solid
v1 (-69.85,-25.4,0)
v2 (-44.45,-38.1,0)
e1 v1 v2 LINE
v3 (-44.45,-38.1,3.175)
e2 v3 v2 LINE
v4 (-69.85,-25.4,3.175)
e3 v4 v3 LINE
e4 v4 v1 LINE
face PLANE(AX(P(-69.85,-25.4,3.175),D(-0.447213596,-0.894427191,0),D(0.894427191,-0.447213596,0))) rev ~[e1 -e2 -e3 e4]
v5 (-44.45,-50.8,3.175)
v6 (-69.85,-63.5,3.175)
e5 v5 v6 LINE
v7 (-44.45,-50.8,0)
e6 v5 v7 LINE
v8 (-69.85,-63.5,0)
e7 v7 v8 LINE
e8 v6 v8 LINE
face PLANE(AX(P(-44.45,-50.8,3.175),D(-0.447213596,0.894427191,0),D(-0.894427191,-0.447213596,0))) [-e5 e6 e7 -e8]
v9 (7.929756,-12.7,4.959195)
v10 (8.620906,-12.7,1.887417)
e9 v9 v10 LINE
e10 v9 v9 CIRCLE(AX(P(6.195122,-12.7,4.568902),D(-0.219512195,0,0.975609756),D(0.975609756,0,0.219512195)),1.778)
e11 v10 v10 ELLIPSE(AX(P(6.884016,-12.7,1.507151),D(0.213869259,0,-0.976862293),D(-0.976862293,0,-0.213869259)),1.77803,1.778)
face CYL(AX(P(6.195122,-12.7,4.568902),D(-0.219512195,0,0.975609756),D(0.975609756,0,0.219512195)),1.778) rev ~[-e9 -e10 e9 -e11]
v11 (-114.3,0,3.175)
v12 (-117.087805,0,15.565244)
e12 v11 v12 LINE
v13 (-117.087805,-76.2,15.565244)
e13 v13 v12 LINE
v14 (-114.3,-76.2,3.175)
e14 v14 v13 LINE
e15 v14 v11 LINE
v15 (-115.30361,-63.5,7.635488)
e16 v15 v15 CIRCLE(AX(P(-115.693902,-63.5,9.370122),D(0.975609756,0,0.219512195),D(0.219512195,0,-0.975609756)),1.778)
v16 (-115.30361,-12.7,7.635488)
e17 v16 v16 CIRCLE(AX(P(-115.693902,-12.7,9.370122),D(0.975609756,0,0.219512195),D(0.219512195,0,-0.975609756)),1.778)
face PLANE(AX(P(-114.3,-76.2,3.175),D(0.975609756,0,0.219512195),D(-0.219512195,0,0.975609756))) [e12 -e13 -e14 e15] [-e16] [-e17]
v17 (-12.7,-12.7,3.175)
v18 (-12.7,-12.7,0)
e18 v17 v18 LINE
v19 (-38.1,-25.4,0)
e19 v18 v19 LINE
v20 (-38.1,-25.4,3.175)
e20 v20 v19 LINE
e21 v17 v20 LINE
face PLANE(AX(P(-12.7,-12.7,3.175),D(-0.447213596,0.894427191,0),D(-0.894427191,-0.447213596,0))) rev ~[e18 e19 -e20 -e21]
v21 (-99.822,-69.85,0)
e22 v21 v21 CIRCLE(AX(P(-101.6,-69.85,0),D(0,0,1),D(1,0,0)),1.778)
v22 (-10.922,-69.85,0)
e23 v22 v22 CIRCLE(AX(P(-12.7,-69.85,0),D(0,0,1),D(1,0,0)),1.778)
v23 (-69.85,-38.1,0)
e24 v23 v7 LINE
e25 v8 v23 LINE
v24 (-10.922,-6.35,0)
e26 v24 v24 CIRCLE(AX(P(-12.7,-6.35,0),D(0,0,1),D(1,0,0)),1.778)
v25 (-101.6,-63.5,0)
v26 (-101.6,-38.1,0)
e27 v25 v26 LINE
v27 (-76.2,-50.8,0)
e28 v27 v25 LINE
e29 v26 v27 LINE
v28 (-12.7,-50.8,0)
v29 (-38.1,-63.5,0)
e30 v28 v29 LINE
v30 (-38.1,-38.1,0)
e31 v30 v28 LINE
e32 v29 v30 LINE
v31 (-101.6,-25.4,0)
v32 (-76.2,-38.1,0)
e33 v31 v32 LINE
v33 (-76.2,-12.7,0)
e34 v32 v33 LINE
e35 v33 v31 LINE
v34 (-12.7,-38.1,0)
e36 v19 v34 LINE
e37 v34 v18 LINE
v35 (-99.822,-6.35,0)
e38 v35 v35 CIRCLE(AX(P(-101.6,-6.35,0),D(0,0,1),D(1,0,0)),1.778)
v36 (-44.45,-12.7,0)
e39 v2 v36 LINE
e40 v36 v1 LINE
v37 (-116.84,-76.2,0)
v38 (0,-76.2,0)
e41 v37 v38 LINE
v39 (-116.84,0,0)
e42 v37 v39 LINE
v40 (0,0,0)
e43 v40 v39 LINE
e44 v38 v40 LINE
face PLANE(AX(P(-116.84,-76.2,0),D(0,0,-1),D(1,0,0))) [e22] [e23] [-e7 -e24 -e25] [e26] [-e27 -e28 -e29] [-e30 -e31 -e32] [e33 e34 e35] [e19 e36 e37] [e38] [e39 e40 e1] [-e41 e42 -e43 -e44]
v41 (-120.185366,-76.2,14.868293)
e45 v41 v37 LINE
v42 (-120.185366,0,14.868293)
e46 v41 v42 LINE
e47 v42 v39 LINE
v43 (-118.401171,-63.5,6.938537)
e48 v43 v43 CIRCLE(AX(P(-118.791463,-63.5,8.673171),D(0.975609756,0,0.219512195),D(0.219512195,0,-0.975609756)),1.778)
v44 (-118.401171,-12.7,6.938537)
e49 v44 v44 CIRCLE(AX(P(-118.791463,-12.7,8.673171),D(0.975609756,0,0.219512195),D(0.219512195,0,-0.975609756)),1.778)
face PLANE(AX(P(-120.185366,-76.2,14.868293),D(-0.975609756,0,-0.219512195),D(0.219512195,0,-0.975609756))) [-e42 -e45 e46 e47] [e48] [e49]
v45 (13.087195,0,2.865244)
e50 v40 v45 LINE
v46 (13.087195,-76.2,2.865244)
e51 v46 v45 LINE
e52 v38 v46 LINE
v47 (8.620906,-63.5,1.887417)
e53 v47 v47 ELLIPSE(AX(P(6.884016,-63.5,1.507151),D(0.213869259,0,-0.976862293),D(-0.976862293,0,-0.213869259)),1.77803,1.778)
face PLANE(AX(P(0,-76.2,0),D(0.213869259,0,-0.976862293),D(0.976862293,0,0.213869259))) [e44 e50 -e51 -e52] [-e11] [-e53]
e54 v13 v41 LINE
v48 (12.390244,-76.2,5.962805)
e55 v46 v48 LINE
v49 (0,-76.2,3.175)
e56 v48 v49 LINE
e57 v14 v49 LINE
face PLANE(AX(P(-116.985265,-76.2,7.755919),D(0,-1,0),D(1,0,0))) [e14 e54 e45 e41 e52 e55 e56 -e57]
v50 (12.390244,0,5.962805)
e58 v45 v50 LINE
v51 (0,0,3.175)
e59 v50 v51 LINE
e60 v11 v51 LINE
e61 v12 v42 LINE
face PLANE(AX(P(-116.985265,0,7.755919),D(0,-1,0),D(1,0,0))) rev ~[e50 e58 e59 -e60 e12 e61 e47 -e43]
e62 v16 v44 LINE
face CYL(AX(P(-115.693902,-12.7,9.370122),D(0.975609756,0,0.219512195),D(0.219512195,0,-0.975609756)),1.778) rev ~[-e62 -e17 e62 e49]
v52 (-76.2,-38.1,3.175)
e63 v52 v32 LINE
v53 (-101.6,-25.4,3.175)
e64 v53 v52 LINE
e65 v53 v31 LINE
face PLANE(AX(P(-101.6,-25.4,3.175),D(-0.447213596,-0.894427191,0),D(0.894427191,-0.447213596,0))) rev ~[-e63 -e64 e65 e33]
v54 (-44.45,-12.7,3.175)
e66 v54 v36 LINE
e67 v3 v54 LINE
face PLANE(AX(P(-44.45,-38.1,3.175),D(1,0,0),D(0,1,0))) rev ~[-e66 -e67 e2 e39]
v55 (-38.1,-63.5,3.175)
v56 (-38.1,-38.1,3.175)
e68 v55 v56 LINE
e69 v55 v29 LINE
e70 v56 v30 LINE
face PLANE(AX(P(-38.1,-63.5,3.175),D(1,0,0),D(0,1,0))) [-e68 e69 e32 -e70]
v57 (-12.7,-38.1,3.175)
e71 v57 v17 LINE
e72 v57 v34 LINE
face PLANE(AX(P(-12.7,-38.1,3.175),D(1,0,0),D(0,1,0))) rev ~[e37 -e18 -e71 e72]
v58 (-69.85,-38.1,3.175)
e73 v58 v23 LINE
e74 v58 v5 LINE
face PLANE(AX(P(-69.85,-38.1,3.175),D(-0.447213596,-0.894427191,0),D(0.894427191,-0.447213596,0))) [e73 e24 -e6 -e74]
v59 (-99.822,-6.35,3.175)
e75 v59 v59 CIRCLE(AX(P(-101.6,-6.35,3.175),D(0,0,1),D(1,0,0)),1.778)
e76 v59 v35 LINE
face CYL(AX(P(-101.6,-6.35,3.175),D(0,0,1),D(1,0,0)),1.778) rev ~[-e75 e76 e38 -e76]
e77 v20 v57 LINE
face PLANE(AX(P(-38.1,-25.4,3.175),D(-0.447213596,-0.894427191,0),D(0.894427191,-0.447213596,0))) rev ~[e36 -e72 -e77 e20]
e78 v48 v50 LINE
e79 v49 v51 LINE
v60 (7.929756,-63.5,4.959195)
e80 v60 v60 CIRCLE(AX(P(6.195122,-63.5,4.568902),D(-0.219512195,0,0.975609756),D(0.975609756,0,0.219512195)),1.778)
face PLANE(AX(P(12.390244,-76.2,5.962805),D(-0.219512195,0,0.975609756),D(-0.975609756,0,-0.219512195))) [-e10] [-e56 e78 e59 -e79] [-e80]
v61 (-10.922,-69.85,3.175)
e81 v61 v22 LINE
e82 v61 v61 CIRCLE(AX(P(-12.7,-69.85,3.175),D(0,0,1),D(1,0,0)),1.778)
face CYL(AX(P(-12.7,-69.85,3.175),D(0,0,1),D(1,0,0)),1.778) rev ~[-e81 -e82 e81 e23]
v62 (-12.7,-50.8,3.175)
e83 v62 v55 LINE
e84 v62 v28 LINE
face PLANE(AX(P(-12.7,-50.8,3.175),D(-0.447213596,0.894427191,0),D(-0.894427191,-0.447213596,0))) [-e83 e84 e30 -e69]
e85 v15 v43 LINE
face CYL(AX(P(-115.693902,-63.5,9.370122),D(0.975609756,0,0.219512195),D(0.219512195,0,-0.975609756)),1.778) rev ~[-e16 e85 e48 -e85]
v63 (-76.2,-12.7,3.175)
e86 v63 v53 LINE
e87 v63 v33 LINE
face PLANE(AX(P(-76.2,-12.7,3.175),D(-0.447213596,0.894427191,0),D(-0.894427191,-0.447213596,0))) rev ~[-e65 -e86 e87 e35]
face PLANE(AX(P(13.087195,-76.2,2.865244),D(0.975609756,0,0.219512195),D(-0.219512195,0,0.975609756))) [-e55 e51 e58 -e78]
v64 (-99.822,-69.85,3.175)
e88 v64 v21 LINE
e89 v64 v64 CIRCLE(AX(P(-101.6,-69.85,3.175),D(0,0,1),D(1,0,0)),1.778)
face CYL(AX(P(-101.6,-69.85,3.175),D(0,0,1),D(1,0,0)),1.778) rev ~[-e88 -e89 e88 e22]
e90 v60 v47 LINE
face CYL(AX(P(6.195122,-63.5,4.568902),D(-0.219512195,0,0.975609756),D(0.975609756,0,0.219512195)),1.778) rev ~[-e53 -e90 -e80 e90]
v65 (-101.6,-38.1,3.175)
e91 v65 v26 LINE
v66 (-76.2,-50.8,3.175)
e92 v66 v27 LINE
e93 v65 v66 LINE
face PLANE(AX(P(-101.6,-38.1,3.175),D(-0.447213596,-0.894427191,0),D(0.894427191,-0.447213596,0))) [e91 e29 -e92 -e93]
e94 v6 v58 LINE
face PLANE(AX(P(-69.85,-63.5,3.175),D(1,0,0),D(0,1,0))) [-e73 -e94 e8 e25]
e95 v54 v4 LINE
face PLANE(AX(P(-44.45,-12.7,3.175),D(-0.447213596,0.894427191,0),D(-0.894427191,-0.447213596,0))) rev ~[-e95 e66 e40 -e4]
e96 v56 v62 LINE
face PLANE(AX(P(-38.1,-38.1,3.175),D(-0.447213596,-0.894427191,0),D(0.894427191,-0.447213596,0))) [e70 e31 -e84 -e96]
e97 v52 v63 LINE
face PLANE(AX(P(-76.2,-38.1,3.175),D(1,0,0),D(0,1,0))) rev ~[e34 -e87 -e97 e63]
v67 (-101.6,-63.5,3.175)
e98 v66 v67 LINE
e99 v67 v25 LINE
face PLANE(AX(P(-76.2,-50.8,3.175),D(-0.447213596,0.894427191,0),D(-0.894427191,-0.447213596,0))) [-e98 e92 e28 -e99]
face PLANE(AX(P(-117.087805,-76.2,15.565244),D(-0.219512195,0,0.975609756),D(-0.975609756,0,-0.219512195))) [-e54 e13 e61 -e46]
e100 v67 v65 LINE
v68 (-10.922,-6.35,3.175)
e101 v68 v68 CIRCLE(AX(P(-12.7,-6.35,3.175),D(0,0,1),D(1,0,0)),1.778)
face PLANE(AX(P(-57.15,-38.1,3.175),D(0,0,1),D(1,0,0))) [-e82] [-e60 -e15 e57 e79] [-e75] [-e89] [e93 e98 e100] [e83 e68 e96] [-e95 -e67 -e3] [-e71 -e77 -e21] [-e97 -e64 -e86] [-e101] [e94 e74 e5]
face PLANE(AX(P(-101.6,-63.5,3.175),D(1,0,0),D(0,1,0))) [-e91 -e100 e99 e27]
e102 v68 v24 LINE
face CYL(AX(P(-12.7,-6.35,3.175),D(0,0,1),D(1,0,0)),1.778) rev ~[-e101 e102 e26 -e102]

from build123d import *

# Parameters (mm, degrees)
SKETCH1_W           = 114.3
SKETCH1_H           = 76.2
BOSS_EXTRUDE1_DEPTH = 3.175
BOSS_EXTRUDE2_DEPTH = 76.2
SKETCH3_R           = 1.778
CUT_EXTRUDE1_DEPTH  = 203.2
CUT_EXTRUDE2_DEPTH  = 3.175
LPATTERN1_COUNT     = 3
LPATTERN1_PITCH     = 31.75
SKETCH5_R           = 1.778
CUT_EXTRUDE3_DEPTH  = 3.175
SKETCH6_R           = 1.778
CUT_EXTRUDE4_DEPTH  = 3.175


with BuildPart() as part:
    # Sketch1 → Boss-Extrude1 (new body)
    with BuildSketch(Plane.XY):
        with Locations((-57.15, -38.1)):
            Rectangle(SKETCH1_W, SKETCH1_H)
    extrude(amount=BOSS_EXTRUDE1_DEPTH)

    # Sketch2 → Boss-Extrude2 (add)
    with BuildSketch(Plane.XZ.offset(76.2)):
        Polygon((-114.3, 3.175), (-117.087804878, 15.565243902), (-120.185365854, 14.868292683), (-116.84, 0), (-114.3, 0), align=None)
        Polygon((0, 3.175), (0, 0), (13.087195122, 2.865243902), (12.390243902, 5.962804878), align=None)
    extrude(amount=-BOSS_EXTRUDE2_DEPTH)

    # Sketch3 → Cut-Extrude1 (cut)
    with BuildSketch(Plane(origin=(-108.112433076, 0, -24.325297442), x_dir=(0.219512195, 0, -0.975609756), z_dir=(0.975609756, 0, 0.219512195))):
        with Locations((-34.537804878, -12.7)):
            Circle(SKETCH3_R)
        with Locations((-34.537804878, -63.5)):
            Circle(SKETCH3_R)
    extrude(amount=-CUT_EXTRUDE1_DEPTH, mode=Mode.SUBTRACT)

    # Sketch4 → Cut-Extrude2 (cut)
    with BuildSketch(Plane.XY.offset(3.175)):
        Polygon((-101.6, -63.5), (-101.6, -38.1), (-76.2, -50.8), align=None)
        Polygon((-101.6, -25.4), (-76.2, -38.1), (-76.2, -12.7), align=None)
    cut_extrude2 = extrude(amount=-CUT_EXTRUDE2_DEPTH, mode=Mode.SUBTRACT)

    # LPattern1: Cut-Extrude2 ×3
    with Locations(*[(i * LPATTERN1_PITCH, 0, 0) for i in range(1, LPATTERN1_COUNT)]):
        add(cut_extrude2, mode=Mode.SUBTRACT)

    # Sketch5 → Cut-Extrude3 (cut)
    with BuildSketch(Plane.XY.offset(3.175)):
        with Locations((-101.6, -69.85)):
            Circle(SKETCH5_R)
        with Locations((-12.7, -69.85)):
            Circle(SKETCH5_R)
        with Locations((-12.7, -6.35)):
            Circle(SKETCH5_R)
        with Locations((-101.6, -6.35)):
            Circle(SKETCH5_R)
    extrude(amount=-CUT_EXTRUDE3_DEPTH, mode=Mode.SUBTRACT)

    # Sketch6 → Cut-Extrude4 (cut)
    with BuildSketch(Plane(origin=(-0.679952409, 0, 3.022010708), x_dir=(0.975609756, 0, 0.219512195), z_dir=(-0.219512195, 0, 0.975609756))):
        with Locations((7.04695122, -63.5)):
            Circle(SKETCH6_R)
        with Locations((7.04695122, -12.7)):
            Circle(SKETCH6_R)
    extrude(amount=-CUT_EXTRUDE4_DEPTH, mode=Mode.SUBTRACT)


solid = part.part
